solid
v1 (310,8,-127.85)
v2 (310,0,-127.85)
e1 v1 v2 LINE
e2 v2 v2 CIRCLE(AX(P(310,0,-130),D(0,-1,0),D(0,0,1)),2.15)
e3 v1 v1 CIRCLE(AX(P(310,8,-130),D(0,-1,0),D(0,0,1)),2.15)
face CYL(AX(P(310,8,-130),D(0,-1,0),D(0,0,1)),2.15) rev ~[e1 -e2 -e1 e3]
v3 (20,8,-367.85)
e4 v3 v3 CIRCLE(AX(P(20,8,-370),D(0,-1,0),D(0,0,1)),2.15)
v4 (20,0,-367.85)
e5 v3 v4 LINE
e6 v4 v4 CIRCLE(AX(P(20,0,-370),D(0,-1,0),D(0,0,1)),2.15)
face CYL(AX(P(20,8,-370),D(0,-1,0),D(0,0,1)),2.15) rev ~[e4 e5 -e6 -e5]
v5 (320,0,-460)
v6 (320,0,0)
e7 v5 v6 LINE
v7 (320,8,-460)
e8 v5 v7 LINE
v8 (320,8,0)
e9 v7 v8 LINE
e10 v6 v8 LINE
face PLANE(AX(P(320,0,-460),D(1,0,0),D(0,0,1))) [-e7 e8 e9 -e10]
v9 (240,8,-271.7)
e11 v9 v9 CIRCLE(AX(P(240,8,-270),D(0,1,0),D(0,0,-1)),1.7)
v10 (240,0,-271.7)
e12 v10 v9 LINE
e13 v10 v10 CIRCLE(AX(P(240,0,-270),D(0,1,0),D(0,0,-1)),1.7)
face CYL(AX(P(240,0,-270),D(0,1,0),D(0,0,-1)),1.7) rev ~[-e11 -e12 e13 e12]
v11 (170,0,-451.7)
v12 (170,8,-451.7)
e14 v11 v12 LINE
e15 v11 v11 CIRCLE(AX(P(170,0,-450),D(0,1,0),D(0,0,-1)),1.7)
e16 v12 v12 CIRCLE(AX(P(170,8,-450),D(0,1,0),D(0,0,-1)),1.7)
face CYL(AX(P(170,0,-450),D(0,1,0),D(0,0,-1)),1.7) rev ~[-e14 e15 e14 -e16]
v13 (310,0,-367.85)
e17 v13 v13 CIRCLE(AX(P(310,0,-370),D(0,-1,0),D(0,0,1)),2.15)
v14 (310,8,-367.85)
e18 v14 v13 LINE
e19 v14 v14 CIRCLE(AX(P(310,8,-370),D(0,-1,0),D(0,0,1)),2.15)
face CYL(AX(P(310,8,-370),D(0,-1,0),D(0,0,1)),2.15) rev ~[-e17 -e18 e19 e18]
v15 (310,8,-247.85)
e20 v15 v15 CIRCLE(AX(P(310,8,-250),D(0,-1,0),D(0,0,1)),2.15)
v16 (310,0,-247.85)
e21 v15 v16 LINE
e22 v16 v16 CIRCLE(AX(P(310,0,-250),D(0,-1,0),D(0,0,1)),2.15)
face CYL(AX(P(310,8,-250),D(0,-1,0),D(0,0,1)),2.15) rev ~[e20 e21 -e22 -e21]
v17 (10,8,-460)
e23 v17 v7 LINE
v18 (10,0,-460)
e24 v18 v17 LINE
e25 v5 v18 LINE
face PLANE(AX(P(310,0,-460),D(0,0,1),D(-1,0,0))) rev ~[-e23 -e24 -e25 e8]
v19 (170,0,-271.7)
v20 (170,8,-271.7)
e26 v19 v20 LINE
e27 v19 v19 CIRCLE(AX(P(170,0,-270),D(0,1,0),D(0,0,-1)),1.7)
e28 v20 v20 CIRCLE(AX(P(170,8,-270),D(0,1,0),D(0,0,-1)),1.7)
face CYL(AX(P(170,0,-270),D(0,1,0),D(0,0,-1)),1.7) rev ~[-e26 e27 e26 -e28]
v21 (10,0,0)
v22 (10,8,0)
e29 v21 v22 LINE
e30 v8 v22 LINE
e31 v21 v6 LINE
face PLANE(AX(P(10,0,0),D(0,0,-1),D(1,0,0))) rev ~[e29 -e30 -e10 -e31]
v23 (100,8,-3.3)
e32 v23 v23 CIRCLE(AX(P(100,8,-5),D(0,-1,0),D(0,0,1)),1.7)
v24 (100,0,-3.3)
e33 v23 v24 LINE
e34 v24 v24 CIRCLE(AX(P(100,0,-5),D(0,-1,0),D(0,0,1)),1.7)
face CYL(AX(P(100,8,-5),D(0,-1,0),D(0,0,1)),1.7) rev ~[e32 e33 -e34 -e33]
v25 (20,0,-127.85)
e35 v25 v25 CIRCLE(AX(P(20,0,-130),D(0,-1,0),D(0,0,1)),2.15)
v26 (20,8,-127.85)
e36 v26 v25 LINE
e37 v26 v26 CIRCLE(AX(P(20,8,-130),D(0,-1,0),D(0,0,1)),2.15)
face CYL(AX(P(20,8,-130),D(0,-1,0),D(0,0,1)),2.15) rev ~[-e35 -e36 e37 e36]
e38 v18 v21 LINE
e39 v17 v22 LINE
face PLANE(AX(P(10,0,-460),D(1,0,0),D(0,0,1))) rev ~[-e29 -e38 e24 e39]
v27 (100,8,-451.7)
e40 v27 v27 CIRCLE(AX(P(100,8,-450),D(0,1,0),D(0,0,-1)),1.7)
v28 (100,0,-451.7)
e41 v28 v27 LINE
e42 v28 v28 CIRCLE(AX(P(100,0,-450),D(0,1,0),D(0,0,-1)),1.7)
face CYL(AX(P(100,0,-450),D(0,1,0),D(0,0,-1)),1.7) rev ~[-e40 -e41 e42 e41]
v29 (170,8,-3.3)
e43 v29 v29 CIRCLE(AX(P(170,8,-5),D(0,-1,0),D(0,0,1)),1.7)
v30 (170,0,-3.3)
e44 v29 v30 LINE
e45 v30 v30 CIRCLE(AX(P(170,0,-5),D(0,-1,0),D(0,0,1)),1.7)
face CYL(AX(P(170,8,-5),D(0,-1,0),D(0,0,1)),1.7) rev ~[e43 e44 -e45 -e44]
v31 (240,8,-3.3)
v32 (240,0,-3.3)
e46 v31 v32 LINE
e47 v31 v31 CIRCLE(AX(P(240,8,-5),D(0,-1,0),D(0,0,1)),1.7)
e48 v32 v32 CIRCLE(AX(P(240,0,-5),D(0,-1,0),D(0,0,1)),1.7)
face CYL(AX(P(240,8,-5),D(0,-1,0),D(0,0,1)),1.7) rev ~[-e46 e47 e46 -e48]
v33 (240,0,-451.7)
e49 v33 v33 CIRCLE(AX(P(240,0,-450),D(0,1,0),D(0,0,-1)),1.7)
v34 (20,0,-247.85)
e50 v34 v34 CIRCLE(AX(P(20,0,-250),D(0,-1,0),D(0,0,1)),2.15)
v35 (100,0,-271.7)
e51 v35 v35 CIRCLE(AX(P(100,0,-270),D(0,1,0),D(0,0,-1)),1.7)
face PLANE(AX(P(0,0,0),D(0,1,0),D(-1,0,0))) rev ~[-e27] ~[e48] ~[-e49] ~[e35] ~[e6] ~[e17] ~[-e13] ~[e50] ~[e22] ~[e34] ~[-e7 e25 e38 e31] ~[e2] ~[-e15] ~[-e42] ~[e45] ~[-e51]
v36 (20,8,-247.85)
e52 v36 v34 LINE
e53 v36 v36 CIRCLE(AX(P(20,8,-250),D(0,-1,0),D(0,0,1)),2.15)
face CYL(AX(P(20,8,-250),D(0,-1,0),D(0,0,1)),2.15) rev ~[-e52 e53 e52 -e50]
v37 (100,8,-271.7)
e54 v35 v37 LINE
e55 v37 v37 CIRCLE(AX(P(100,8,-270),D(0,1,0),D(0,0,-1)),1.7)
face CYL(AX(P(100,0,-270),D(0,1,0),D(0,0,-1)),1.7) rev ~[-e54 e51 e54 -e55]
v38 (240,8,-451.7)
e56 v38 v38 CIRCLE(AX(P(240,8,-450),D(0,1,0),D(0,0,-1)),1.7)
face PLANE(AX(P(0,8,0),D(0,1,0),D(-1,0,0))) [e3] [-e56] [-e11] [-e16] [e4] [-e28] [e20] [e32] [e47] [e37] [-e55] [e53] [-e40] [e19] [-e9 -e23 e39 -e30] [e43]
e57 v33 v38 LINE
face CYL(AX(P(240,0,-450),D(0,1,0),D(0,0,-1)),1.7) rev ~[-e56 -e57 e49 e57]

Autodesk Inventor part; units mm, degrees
ref_plane "YZ Plane" through (0, 0, 0) normal (1, 0, 0) x (0, 1, 0)
ref_plane "XZ Plane" through (0, 0, 0) normal (0, 1, 0) x (-1, 0, 0)
ref_plane "XY Plane" through (0, 0, 0) normal (0, 0, 1) x (1, 0, 0)
sketch "Sketch1" plane through (0, 0, 0) normal (0, 1, 0) x (-1, 0, 0)
  line L0 (-10, 0) -> (-310, 0)
  line L1 (-310, 0) -> (-310, -500)
  line L2 (-310, -500) -> (-10, -500)
  line L3 (-10, -500) -> (-10, 0)
  line L4 (-310, -500) -> (-320, -500)
  line L5 (-320, -500) -> (-320, 0)
  line L6 (-320, 0) -> (-310, 0)
  line L7 (-310, 0) -> (-310, -500)
  line L8 (-320, -460) -> (-10, -460)
  dimension "d101" = 300
  dimension "d102" = 500
  dimension "d110" = 10
extrude "Extrusion1" add sketch "Sketch1" along normal blind 8 contours L3 L8 L1 L0 | L1 L8 L5 L6
sketch "Sketch5" plane through (0, 8, 0) normal (0, 1, 0) x (1, 0, 0)
  line L0 (10, 0) -> (10, 130)
  line L1 (0, 0) -> (320, 0) projected
  line L2 (10, 0) -> (140, 0) construction
  line L3 (10, 130) -> (10, 250)
  line L4 (10, 250) -> (10, 370)
  line L5 (10, 370) -> (10, 500)
  point P0 (310, 370)
  point P1 (310, 250)
  point P2 (310, 130)
  point P3 (20, 370)
  point P4 (20, 250)
  point P5 (20, 130)
  dimension "d111" = 130
  dimension "d112" = 90
  dimension "d113" = 120
  dimension "d114" = 120
  dimension "d115" = 130
hole "Hole2" at (310, 8, -130) at (310, 8, -250) at (310, 8, -370) at (20, 8, -130) at (20, 8, -250) at (20, 8, -370) direction (0, -1, 0) diameter 4.3 end through all clearance for "Socket Head Cap Screw ISO 4762" size "M4" standard "ISO"
sketch "Sketch6" plane through (0, 8, 0) normal (0, 1, 0) x (1, 0, 0)
  line L0 (10, 460) -> (10, 0) projected
  line L1 (10, 5) -> (320, 5)
  line L2 (320, 0) -> (320, 460) projected
  line L3 (10, 5) -> (20, 5)
  line L4 (20, 5) -> (100, 5)
  line L5 (100, 5) -> (170, 5)
  line L6 (170, 5) -> (240, 5)
  line L7 (240, 5) -> (320, 5)
  point P0 (0, 0)
  point P1 (10, 500)
  point P2 (320, 500)
  dimension "d143" = 10
  dimension "d144" = 80
  dimension "d145" = 70
  dimension "d146" = 70
hole "Hole3" at (100, 8, -5) at (170, 8, -5) at (240, 8, -5) direction (0, -1, 0) diameter 3.4 end through all clearance for "Socket Head Cap Screw ISO 4762" size "M3" standard "ISO"
sketch "Sketch7" plane through (0, 0, 0) normal (0, -1, 0) x (1, 0, 0)
  line L0 (10, -260) -> (320, -260)
  line L1 (320, 0) -> (320, -460) projected
  line L2 (10, -260) -> (320, -260) construction
  point P0 (0, 0)
  point P1 (320, -500)
  point P2 (100, -270)
  point P3 (170, -270)
  point P4 (240, -270)
  point P5 (100, -450)
  point P6 (170, -450)
  point P7 (240, -450)
  dimension "d148" = 0
  dimension "d151" = 180
hole "Hole4" at (100, 0, -270) at (170, 0, -270) at (240, 0, -270) at (100, 0, -450) at (170, 0, -450) at (240, 0, -450) direction (0, 1, 0) diameter 3.4 end through all clearance for "Socket Head Cap Screw ISO 4762" size "M3" standard "ISO"
properties part number "TeflonPlate"
